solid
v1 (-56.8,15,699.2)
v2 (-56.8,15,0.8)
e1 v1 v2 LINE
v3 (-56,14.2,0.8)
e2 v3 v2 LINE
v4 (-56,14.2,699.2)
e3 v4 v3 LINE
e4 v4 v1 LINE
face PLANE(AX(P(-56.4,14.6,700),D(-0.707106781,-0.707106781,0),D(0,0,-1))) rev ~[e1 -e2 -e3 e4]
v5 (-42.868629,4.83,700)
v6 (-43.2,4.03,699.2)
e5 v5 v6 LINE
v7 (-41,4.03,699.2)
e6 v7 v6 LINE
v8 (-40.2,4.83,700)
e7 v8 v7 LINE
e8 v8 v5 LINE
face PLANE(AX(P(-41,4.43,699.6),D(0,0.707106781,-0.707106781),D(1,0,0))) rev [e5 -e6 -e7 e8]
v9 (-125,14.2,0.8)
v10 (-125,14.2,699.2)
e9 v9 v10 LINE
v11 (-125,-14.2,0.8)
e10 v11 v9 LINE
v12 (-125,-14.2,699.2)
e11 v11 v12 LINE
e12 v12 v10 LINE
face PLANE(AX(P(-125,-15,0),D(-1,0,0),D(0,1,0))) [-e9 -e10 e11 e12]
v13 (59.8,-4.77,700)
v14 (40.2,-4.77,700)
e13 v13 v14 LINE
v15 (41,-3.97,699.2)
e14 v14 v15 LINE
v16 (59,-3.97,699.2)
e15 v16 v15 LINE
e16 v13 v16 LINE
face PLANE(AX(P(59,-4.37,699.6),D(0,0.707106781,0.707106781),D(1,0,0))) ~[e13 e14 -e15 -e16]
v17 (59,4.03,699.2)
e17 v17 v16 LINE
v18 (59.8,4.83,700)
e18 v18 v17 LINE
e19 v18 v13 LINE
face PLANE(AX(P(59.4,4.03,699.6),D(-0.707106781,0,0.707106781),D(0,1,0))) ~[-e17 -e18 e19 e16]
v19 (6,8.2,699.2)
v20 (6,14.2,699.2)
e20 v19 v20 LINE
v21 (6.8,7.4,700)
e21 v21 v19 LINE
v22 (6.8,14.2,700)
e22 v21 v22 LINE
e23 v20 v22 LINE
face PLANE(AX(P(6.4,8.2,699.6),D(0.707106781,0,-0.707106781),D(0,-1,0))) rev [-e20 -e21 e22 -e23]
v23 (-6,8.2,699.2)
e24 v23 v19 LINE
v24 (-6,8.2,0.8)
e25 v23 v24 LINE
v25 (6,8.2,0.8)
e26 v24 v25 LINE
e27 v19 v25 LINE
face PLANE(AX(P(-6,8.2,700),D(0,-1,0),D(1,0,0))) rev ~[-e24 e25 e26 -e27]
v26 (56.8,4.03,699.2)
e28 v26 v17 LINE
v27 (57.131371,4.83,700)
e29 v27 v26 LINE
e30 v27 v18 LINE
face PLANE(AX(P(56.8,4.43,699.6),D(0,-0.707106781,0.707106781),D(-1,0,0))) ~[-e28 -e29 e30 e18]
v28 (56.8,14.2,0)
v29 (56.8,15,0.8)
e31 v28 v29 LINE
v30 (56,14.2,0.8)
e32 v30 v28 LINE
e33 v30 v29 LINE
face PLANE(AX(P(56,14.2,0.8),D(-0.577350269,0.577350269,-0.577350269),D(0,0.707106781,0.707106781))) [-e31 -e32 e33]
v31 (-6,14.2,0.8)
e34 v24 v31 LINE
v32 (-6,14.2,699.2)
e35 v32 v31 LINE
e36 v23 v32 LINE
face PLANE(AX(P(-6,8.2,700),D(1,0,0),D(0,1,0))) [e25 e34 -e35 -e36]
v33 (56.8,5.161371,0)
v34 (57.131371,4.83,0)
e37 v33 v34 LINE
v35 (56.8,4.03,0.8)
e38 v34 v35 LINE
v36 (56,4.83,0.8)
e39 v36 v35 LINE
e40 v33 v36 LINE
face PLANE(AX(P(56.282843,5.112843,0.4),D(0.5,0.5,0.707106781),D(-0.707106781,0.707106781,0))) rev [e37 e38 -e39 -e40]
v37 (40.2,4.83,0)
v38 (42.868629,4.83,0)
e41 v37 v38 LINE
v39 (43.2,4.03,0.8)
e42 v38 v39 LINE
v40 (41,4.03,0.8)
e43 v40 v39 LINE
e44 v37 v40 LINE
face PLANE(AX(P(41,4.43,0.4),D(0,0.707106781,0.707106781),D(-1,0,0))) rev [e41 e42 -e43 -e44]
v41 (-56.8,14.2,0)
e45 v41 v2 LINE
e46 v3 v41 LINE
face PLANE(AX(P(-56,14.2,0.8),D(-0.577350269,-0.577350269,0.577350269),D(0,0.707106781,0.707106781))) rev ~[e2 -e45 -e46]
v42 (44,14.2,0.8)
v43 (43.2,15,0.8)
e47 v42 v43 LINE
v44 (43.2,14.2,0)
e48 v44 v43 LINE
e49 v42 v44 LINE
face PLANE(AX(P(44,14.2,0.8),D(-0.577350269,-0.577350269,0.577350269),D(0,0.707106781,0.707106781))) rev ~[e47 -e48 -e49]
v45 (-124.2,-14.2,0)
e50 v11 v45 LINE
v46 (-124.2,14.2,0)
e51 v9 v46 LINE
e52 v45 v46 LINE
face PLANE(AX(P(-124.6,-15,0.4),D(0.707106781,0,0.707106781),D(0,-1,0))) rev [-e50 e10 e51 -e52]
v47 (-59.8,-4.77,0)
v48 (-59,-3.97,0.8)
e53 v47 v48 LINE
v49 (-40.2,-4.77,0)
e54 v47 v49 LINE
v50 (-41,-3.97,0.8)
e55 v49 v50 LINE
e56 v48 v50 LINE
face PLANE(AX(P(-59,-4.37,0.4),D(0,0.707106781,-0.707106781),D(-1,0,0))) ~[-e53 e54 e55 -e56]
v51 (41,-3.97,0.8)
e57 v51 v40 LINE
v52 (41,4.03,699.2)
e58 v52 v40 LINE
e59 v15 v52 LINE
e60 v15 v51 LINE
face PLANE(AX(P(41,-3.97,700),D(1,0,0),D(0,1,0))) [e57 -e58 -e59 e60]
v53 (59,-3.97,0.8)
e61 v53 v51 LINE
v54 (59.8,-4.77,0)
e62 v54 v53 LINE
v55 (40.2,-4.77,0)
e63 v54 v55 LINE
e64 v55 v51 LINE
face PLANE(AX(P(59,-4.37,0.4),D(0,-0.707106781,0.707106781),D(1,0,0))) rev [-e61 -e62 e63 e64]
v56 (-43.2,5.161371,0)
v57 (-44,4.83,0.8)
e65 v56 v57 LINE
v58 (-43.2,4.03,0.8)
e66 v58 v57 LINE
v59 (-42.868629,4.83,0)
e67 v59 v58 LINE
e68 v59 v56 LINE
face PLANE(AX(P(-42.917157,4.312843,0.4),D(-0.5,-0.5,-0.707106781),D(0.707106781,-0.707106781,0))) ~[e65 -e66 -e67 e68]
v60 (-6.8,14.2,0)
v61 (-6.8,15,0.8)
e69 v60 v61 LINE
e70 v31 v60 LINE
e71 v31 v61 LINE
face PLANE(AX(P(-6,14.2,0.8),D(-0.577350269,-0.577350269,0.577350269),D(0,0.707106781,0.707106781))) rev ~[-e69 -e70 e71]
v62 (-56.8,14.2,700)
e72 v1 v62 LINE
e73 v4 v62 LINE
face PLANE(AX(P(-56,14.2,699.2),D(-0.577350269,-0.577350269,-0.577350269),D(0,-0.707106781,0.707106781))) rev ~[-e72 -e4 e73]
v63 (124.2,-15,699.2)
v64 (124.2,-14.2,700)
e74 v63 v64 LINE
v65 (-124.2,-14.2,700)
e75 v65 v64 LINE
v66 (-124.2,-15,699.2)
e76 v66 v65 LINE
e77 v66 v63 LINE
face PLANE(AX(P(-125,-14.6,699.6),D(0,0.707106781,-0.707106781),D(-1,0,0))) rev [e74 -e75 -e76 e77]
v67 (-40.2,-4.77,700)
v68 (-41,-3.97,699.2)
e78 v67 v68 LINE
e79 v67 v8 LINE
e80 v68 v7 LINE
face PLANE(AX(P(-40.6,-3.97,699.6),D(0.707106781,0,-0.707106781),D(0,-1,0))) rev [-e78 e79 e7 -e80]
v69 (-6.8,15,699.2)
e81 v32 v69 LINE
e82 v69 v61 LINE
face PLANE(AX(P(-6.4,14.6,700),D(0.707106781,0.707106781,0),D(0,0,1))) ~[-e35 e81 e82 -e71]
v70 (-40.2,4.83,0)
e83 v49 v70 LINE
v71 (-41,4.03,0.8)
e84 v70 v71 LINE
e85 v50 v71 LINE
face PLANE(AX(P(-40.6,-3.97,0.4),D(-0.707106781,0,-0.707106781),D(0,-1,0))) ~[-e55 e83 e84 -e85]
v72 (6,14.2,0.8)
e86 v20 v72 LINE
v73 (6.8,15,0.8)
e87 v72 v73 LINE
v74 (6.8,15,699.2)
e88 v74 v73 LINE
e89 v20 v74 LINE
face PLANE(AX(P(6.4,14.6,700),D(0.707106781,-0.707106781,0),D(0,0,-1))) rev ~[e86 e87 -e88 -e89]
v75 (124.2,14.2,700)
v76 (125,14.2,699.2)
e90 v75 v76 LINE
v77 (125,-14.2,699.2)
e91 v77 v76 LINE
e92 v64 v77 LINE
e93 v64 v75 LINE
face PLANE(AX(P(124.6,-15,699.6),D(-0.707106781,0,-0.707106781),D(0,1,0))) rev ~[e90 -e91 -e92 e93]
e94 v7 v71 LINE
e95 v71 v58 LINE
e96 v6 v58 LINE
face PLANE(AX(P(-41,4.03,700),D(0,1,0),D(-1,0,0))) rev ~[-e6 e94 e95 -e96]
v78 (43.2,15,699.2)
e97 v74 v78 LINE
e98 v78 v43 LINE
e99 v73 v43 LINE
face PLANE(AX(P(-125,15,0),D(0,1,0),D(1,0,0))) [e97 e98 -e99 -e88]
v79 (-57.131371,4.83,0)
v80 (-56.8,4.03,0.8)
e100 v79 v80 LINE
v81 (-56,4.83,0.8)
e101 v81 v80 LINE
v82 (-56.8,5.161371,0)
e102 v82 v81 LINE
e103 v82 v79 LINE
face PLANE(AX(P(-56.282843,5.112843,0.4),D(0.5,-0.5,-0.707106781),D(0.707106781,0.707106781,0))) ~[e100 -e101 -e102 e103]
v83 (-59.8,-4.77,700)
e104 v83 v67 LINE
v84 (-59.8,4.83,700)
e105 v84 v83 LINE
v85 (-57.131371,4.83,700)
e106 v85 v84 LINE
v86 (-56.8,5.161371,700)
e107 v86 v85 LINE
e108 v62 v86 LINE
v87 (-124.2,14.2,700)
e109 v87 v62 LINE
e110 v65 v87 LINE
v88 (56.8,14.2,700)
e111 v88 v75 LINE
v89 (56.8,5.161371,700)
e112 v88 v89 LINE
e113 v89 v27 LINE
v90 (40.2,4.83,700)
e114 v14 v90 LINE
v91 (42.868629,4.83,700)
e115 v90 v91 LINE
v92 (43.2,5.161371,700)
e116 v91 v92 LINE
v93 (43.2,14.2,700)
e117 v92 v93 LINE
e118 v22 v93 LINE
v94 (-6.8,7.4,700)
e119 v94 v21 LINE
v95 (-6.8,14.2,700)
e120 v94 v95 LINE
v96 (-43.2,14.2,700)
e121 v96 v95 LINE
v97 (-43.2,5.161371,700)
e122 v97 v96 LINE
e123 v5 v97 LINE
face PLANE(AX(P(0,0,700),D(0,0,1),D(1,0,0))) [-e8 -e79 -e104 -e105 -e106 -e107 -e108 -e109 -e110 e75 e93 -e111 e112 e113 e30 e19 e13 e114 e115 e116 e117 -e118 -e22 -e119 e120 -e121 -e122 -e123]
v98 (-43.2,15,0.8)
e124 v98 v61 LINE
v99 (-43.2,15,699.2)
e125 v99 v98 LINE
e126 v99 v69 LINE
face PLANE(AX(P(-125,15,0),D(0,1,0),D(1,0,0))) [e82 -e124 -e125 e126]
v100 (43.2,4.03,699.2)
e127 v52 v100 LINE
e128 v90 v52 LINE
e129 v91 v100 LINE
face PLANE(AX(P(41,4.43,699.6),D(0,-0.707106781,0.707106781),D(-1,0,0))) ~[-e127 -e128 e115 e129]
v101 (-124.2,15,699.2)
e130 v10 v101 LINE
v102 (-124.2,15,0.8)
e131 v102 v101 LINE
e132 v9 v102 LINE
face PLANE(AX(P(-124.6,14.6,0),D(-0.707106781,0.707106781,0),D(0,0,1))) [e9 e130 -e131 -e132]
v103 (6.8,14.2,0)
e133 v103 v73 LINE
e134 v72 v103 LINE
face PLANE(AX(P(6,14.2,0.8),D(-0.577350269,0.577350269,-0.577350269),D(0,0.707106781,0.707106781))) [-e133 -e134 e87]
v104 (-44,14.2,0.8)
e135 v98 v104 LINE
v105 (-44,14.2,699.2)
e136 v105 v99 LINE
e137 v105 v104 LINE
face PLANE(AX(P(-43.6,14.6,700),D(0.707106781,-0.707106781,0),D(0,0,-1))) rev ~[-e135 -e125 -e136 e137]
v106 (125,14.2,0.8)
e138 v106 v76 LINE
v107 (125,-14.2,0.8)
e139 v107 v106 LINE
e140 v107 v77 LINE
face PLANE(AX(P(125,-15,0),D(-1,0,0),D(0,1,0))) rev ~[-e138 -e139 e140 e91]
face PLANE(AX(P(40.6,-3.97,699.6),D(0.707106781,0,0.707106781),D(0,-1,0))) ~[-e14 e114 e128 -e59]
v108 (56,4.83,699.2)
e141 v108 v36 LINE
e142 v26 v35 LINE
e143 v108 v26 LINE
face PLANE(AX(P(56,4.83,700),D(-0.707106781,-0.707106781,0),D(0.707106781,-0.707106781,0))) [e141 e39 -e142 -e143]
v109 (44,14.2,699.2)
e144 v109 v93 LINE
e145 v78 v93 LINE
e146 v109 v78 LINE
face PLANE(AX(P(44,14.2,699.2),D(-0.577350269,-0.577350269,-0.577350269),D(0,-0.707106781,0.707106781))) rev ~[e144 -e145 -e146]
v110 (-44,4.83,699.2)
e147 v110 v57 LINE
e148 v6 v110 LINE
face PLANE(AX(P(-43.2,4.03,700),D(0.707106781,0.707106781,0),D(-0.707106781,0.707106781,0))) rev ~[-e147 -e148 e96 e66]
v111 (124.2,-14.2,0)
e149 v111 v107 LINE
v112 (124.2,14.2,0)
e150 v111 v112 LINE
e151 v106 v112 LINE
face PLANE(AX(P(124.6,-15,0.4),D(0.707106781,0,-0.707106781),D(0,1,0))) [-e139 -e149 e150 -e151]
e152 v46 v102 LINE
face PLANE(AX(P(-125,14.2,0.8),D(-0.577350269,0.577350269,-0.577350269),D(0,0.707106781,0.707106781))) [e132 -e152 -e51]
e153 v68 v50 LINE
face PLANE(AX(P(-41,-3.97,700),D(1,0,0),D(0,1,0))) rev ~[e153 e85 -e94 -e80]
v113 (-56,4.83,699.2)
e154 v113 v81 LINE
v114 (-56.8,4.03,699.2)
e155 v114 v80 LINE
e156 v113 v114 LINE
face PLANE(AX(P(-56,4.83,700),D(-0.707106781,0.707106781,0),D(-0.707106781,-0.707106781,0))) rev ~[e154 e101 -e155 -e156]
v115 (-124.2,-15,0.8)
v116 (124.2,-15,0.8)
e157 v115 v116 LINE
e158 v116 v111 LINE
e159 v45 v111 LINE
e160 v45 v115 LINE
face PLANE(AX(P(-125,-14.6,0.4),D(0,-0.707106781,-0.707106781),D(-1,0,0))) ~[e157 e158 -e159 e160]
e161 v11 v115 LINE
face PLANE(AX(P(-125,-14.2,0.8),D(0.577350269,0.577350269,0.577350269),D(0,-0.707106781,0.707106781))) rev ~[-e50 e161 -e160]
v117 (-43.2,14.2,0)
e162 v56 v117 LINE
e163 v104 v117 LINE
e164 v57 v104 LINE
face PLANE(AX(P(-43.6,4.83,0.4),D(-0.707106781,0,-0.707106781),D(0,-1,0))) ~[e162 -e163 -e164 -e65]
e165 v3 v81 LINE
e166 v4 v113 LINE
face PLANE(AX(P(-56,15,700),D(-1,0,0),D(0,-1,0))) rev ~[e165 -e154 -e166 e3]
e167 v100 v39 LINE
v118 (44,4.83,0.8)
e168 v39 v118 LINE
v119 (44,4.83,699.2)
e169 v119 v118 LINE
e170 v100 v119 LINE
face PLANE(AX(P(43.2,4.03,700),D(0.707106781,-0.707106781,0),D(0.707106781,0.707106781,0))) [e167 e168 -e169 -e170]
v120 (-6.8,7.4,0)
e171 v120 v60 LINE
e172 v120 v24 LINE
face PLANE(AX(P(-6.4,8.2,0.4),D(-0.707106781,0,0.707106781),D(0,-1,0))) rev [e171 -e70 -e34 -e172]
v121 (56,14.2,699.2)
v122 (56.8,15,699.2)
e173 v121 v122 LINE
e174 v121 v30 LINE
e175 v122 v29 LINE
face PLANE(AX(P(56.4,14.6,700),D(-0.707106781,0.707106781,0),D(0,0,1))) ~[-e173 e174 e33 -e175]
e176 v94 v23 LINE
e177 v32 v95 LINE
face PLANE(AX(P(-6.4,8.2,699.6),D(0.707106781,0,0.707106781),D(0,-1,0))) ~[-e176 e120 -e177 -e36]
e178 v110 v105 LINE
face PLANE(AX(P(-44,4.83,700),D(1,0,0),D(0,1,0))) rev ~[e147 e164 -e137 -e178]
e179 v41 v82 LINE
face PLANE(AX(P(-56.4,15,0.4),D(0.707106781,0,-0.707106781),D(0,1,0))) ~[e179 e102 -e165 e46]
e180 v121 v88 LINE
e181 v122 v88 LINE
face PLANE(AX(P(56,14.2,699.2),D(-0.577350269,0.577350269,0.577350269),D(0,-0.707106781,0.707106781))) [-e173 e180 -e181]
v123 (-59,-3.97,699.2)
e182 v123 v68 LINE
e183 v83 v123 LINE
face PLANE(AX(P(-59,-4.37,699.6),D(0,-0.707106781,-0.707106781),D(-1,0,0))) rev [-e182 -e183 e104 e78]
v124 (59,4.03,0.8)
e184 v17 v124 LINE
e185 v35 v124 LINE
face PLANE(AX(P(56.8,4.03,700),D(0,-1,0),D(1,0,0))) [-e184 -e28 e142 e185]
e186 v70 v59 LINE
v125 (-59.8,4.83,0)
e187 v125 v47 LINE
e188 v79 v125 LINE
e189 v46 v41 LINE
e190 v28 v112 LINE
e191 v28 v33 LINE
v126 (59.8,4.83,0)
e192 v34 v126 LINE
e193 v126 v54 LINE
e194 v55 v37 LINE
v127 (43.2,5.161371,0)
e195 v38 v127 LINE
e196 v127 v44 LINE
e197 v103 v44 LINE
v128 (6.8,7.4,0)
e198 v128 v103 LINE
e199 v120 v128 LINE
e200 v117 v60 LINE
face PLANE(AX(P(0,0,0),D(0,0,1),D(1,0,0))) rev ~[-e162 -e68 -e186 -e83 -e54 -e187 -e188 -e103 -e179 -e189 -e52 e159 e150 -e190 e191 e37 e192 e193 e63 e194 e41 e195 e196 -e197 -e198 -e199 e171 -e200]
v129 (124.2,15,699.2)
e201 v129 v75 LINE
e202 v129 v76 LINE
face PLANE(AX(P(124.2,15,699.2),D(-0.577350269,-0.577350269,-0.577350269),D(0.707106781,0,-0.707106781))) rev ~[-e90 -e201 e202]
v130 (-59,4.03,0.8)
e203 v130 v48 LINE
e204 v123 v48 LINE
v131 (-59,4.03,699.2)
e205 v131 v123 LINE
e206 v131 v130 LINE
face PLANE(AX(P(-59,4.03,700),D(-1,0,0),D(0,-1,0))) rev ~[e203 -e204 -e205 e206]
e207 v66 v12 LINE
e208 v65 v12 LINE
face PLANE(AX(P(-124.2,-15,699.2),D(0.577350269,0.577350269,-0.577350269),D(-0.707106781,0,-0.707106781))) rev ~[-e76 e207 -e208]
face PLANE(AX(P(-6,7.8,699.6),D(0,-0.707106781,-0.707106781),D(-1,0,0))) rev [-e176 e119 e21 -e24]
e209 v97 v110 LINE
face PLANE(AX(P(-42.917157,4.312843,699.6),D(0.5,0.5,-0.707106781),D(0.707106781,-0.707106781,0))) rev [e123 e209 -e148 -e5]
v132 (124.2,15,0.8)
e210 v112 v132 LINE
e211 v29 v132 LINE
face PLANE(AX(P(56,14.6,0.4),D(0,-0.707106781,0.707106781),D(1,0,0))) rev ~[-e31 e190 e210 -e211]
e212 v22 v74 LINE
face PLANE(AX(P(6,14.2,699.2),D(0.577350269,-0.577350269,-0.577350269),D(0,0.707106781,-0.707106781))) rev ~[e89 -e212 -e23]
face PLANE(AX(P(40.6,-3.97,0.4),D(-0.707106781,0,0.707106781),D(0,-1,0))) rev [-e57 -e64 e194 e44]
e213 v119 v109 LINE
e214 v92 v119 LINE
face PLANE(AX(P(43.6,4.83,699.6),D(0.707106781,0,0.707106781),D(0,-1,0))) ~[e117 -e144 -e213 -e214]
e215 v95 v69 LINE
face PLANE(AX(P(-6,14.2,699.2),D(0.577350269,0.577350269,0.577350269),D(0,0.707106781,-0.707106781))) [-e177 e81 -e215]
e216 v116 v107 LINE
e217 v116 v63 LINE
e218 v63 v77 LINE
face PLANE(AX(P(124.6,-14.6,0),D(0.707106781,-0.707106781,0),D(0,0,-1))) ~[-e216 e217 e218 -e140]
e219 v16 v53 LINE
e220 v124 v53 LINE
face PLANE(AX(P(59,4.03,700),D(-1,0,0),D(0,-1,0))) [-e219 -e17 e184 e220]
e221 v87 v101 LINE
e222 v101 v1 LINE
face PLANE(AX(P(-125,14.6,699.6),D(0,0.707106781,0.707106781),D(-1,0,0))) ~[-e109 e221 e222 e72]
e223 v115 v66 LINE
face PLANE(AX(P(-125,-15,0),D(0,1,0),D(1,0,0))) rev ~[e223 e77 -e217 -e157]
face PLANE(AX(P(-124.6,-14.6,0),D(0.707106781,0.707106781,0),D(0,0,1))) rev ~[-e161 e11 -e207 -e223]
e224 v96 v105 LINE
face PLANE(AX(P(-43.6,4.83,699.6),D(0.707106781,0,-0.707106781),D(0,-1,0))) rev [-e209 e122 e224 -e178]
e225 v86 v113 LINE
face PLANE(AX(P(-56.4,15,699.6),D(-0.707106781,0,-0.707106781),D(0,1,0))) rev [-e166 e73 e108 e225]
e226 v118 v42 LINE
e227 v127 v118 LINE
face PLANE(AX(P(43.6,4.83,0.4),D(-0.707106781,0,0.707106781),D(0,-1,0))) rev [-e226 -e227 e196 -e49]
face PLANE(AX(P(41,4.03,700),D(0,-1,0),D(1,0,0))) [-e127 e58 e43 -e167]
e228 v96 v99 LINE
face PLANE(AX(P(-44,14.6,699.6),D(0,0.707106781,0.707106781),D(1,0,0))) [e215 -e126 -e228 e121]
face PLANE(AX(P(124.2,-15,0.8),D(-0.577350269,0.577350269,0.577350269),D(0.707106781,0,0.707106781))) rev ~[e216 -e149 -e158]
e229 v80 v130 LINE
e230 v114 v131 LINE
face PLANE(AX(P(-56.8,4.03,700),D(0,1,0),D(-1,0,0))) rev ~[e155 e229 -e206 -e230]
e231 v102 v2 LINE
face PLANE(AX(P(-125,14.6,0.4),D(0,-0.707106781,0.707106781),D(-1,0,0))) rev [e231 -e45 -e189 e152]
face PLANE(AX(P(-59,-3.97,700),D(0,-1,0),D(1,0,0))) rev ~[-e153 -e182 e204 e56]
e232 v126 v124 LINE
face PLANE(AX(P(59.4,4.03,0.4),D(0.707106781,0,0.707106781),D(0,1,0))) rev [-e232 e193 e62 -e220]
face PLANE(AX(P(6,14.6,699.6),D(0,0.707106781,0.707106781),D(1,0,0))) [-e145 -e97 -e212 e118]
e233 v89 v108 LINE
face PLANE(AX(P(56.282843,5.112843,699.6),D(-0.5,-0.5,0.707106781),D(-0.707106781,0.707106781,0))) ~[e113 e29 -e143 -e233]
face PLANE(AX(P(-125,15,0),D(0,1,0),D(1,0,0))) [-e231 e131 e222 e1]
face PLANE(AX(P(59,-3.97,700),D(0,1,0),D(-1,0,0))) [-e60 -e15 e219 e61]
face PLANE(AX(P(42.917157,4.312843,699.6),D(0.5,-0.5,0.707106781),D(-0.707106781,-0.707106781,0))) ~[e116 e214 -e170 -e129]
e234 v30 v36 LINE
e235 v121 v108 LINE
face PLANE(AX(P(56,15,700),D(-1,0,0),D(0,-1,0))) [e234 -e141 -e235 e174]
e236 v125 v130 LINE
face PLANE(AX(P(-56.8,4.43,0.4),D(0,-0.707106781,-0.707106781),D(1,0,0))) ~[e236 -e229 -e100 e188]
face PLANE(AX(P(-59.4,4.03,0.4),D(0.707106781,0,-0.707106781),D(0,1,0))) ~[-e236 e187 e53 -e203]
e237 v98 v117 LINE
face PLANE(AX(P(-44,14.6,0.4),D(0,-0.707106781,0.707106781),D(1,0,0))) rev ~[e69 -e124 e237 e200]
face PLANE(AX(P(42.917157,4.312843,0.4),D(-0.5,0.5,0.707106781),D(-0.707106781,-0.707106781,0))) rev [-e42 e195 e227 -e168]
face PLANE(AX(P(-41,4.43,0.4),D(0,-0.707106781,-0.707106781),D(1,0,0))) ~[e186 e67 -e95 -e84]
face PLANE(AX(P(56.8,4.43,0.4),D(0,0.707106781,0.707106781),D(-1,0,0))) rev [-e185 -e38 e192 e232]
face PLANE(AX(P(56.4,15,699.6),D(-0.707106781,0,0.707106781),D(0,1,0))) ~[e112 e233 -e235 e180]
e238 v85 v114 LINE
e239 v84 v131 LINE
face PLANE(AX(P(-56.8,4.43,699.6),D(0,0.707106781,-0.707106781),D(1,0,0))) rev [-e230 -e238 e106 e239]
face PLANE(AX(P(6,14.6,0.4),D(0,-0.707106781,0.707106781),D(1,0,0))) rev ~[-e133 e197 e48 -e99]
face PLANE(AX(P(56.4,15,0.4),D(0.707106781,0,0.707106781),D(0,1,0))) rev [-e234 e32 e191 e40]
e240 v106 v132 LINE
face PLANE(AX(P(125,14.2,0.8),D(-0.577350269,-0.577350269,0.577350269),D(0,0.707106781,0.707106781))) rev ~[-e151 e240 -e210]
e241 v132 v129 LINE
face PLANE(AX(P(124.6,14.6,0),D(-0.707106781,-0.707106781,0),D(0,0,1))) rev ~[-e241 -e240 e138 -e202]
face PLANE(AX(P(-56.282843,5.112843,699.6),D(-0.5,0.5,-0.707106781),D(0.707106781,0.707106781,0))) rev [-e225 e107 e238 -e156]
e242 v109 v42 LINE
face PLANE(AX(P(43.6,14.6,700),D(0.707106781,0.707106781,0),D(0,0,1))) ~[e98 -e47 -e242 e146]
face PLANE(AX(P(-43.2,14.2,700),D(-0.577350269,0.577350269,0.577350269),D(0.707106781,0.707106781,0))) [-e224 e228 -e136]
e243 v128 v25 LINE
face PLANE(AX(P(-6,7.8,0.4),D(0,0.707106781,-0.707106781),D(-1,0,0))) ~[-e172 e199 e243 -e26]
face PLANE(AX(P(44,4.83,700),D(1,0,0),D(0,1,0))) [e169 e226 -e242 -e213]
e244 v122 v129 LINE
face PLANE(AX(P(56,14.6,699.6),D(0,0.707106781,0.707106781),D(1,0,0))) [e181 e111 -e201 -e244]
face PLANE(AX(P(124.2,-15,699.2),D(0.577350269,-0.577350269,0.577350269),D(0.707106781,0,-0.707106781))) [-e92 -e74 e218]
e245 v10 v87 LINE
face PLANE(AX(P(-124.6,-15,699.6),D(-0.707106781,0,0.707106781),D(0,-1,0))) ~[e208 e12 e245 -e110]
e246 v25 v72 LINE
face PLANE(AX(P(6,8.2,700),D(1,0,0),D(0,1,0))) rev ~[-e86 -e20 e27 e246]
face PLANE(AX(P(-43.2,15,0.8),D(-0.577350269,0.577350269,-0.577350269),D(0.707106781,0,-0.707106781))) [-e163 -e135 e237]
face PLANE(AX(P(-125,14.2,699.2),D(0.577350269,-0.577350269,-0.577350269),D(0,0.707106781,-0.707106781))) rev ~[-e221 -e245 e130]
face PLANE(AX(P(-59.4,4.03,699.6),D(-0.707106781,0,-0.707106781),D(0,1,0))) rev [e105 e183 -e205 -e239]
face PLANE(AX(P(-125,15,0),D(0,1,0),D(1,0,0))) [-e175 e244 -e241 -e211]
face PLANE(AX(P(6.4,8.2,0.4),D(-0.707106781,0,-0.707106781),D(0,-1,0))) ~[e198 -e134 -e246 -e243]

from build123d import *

# Parameters (mm, degrees)
CROQUIS1_W              = 250
CROQUIS1_H              = 30
SALIENTE_EXTRUIR1_DEPTH = 700
CROQUIS3_W              = 12
CROQUIS3_H              = 13.6
CORTAR_EXTRUIR1_DEPTH   = 794.2
CHAFL_N1_SIZE           = 0.8


with BuildPart() as part:
    # Croquis1 → Saliente-Extruir1 (new body)
    with BuildSketch(Plane.XY):
        Rectangle(CROQUIS1_W, CROQUIS1_H)
    extrude(amount=SALIENTE_EXTRUIR1_DEPTH)

    # Croquis3 → Cortar-Extruir1 (cut)
    with BuildSketch(Plane.XY.offset(700)):
        Polygon((-56, 15), (-56, 4.83), (-56.8, 4.03), (-59, 4.03), (-59, -3.97), (-41, -3.97), (-41, 4.03), (-43.2, 4.03), (-44, 4.83), (-44, 15), align=None)
        Polygon((41, -3.97), (41, 4.03), (43.2, 4.03), (44, 4.83), (44, 15), (56, 15), (56, 4.83), (56.8, 4.03), (59, 4.03), (59, -3.97), align=None)
        with Locations((0, 15)):
            Rectangle(CROQUIS3_W, CROQUIS3_H)
    extrude(amount=-CORTAR_EXTRUIR1_DEPTH, mode=Mode.SUBTRACT)

    # Chaflán1
    chafl_n1_edges = [part.edges().sort_by_distance(p)[0] for p in [
        (125, 0, 700),
        (90.5, 15, 700),
        (-90.5, 15, 0),
        (-56, 9.915, 0),
        (-56.4, 4.43, 0),
        (-57.9, 4.03, 0),
        (-59, 0.03, 0),
        (-50, -3.97, 0),
        (-41, 0.03, 0),
        (-42.1, 4.03, 0),
        (-43.6, 4.43, 0),
        (-44, 9.915, 0),
        (-90.5, 15, 700),
        (-56, 15, 350),
        (-44, 15, 350),
        (-56, 9.915, 700),
        (-56.4, 4.43, 700),
        (-57.9, 4.03, 700),
        (-59, 0.03, 700),
        (-50, -3.97, 700),
        (-41, 0.03, 700),
        (-42.1, 4.03, 700),
        (-43.6, 4.43, 700),
        (-44, 9.915, 700),
        (-125, 0, 700),
        (90.5, 15, 0),
        (125, 0, 0),
        (0, -15, 0),
        (25, 15, 0),
        (59, 0.03, 0),
        (57.9, 4.03, 0),
        (56.4, 4.43, 0),
        (56, 9.915, 0),
        (50, -3.97, 0),
        (41, 0.03, 0),
        (42.1, 4.03, 0),
        (43.6, 4.43, 0),
        (-125, 0, 0),
        (44, 9.915, 0),
        (25, 15, 700),
        (44, 15, 350),
        (56, 15, 350),
        (50, -3.97, 700),
        (59, 0.03, 700),
        (0, -15, 700),
        (57.9, 4.03, 700),
        (56.4, 4.43, 700),
        (56, 9.915, 700),
        (44, 9.915, 700),
        (43.6, 4.43, 700),
        (42.1, 4.03, 700),
        (41, 0.03, 700),
        (-125, 15, 350),
        (125, 15, 350),
        (125, -15, 350),
        (-125, -15, 350),
        (-25, 15, 0),
        (0, 8.2, 0),
        (6, 11.6, 0),
        (-6, 11.6, 0),
        (-25, 15, 700),
        (6, 11.6, 700),
        (-6, 11.6, 700),
        (0, 8.2, 700),
        (-6, 15, 350),
        (6, 15, 350),
    ]]
    chamfer(chafl_n1_edges, length=CHAFL_N1_SIZE)


solid = part.part
